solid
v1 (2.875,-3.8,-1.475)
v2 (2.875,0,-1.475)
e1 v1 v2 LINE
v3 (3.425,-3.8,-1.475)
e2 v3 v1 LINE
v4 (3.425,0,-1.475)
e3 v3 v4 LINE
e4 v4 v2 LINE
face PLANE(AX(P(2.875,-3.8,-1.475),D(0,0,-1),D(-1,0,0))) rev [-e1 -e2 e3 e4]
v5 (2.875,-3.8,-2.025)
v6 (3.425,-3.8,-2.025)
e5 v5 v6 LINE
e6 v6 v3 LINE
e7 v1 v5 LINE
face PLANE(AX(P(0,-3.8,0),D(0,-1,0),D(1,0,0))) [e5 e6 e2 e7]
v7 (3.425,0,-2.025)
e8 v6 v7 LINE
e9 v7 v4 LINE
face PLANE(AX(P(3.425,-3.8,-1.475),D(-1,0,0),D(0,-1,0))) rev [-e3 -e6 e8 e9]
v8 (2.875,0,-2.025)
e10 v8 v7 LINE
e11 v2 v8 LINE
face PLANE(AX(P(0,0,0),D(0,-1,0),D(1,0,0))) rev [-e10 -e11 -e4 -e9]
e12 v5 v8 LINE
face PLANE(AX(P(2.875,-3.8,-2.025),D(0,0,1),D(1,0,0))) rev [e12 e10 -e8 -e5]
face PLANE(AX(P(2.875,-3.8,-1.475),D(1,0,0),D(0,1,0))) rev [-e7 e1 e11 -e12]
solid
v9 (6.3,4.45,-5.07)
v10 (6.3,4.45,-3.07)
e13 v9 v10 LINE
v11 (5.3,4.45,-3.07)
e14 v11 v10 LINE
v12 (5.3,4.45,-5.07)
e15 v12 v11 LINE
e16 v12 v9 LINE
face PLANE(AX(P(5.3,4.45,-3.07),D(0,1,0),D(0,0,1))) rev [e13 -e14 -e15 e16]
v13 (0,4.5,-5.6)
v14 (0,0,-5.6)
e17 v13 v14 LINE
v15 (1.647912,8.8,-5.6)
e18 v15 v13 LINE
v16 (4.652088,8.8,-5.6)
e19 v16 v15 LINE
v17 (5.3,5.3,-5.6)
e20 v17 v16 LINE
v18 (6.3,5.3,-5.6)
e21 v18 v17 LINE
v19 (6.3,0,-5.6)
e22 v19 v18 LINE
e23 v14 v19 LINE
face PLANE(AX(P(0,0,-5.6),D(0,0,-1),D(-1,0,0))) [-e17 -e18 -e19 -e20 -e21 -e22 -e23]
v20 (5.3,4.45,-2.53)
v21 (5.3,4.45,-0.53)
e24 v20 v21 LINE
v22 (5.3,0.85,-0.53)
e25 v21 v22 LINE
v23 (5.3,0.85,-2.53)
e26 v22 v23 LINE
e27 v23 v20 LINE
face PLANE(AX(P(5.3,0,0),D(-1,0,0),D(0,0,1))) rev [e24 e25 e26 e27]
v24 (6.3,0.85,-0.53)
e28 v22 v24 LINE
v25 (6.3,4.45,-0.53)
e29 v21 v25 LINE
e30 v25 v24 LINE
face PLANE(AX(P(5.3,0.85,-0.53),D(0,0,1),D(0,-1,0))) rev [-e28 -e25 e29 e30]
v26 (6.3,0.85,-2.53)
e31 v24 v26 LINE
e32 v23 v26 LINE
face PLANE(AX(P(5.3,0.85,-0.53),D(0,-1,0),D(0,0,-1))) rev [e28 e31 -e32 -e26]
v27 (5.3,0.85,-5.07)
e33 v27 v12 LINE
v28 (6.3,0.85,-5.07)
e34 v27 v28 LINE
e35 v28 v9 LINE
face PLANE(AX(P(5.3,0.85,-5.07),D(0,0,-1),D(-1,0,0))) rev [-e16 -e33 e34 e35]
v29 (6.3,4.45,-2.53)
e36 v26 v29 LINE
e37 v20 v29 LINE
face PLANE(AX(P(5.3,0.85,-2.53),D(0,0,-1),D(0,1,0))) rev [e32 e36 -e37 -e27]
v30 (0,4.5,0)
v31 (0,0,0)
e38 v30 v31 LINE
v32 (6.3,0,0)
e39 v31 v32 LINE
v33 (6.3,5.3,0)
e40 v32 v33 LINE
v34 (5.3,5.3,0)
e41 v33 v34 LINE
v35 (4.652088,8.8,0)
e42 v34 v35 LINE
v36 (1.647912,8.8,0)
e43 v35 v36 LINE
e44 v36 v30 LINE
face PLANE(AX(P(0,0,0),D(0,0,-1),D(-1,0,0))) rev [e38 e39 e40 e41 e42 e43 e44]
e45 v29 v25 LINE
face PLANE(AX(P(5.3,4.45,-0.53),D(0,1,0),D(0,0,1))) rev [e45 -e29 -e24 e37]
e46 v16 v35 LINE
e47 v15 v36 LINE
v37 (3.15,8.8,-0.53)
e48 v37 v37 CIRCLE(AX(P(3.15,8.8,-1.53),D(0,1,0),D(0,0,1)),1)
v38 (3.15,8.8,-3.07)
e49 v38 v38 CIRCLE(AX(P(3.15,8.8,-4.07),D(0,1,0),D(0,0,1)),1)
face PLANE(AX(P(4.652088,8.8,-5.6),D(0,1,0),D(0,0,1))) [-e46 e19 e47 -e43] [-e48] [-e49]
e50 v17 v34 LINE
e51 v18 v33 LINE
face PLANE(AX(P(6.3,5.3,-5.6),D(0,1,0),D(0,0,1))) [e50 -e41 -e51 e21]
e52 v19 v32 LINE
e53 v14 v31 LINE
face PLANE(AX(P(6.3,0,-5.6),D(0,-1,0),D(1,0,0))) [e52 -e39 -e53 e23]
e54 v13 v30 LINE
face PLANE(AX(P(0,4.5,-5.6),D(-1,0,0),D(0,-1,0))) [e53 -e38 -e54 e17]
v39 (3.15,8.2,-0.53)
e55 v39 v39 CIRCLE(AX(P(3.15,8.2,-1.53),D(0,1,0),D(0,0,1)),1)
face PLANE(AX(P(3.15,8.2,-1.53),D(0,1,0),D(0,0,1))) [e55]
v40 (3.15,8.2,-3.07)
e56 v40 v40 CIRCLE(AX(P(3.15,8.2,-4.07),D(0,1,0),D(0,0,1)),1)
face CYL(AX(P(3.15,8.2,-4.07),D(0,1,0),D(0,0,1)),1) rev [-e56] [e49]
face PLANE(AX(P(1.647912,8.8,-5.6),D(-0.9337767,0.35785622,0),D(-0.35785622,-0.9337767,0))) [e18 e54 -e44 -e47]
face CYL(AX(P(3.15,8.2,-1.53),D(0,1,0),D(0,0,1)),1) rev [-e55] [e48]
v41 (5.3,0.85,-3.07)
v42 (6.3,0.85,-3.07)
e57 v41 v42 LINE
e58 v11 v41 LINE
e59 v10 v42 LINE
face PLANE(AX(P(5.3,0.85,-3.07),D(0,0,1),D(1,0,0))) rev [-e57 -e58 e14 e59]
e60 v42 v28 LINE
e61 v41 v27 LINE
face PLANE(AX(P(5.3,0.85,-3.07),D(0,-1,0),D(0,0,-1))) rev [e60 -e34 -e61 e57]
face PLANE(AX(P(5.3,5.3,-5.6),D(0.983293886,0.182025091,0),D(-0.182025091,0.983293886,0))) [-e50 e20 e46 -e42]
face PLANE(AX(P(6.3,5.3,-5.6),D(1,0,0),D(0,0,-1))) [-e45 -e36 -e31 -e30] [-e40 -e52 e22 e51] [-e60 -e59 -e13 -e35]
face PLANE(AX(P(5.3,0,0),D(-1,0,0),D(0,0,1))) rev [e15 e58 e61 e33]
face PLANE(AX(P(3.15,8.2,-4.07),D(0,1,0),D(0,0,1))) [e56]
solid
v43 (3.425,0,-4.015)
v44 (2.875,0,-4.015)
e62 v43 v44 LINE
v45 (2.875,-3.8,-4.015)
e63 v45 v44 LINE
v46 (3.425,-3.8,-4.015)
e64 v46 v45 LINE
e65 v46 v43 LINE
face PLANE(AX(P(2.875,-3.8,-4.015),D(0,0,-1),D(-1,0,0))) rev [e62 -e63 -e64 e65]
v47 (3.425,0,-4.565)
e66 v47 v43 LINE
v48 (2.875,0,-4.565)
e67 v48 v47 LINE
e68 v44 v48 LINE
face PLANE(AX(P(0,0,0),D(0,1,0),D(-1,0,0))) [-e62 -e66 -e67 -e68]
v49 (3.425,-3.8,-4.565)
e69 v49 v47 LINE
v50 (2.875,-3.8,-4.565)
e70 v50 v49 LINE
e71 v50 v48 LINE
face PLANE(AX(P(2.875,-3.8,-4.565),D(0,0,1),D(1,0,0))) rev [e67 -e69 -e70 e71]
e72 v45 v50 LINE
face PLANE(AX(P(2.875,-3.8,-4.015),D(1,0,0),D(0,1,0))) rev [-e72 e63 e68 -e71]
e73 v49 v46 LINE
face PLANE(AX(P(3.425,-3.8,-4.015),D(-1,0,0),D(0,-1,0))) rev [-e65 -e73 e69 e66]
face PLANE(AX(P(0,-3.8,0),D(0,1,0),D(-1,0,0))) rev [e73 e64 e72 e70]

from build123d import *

# Parameters (mm, degrees)
BOSS_EXTRUDE1_DEPTH   = 5.6
SKETCH3_R             = 1
CUT_EXTRUDE1_DEPTH    = 0.6
SKETCH4_W             = 2
SKETCH4_H             = 3.6
CUT_EXTRUDE2_DEPTH    = 1
SKETCH5_W             = 0.55
SKETCH5_H             = 0.55
BOSS_EXTRUDE2_DEPTH   = 3.8
BOSS_EXTRUDE2_2_DEPTH = 3.8


with BuildPart() as part:
    # Sketch2 → Boss-Extrude1 (new body)
    with BuildSketch(Plane.XY):
        Polygon((6.3, 5.3), (5.3, 5.3), (4.652088092, 8.8), (1.647911908, 8.8), (0, 4.5), (0, 0), (6.3, 0), align=None)
    extrude(amount=-BOSS_EXTRUDE1_DEPTH)

    # Sketch3 → Cut-Extrude1 (cut)
    with BuildSketch(Plane(origin=(0, 8.8, 0), x_dir=(1, 0, 0), z_dir=(0, 1, 0))):
        with Locations((3.15, 1.53)):
            Circle(SKETCH3_R)
        with Locations((3.15, 4.07)):
            Circle(SKETCH3_R)
    extrude(amount=-CUT_EXTRUDE1_DEPTH, mode=Mode.SUBTRACT)

    # Sketch4 → Cut-Extrude2 (cut)
    with BuildSketch(Plane(origin=(6.3, 0, 0), x_dir=(0, 0, -1), z_dir=(1, 0, 0))):
        with Locations((4.07, 2.65)):
            Rectangle(SKETCH4_W, SKETCH4_H)
        with Locations((1.53, 2.65)):
            Rectangle(SKETCH4_W, SKETCH4_H)
    extrude(amount=-CUT_EXTRUDE2_DEPTH, mode=Mode.SUBTRACT)


with BuildPart() as body_2:
    # Sketch5 → Boss-Extrude2 (new body)
    with BuildSketch(Plane.XZ):
        with Locations((3.15, -1.75)):
            Rectangle(SKETCH5_W, SKETCH5_H)
    extrude(amount=BOSS_EXTRUDE2_DEPTH)


with BuildPart() as body_3:
    # Sketch5 → Boss-Extrude2 2 (new body)
    with BuildSketch(Plane.XZ):
        with Locations((3.15, -4.29)):
            Rectangle(SKETCH5_W, SKETCH5_H)
    extrude(amount=BOSS_EXTRUDE2_2_DEPTH)


solid = Compound([part.part, body_2.part, body_3.part])
